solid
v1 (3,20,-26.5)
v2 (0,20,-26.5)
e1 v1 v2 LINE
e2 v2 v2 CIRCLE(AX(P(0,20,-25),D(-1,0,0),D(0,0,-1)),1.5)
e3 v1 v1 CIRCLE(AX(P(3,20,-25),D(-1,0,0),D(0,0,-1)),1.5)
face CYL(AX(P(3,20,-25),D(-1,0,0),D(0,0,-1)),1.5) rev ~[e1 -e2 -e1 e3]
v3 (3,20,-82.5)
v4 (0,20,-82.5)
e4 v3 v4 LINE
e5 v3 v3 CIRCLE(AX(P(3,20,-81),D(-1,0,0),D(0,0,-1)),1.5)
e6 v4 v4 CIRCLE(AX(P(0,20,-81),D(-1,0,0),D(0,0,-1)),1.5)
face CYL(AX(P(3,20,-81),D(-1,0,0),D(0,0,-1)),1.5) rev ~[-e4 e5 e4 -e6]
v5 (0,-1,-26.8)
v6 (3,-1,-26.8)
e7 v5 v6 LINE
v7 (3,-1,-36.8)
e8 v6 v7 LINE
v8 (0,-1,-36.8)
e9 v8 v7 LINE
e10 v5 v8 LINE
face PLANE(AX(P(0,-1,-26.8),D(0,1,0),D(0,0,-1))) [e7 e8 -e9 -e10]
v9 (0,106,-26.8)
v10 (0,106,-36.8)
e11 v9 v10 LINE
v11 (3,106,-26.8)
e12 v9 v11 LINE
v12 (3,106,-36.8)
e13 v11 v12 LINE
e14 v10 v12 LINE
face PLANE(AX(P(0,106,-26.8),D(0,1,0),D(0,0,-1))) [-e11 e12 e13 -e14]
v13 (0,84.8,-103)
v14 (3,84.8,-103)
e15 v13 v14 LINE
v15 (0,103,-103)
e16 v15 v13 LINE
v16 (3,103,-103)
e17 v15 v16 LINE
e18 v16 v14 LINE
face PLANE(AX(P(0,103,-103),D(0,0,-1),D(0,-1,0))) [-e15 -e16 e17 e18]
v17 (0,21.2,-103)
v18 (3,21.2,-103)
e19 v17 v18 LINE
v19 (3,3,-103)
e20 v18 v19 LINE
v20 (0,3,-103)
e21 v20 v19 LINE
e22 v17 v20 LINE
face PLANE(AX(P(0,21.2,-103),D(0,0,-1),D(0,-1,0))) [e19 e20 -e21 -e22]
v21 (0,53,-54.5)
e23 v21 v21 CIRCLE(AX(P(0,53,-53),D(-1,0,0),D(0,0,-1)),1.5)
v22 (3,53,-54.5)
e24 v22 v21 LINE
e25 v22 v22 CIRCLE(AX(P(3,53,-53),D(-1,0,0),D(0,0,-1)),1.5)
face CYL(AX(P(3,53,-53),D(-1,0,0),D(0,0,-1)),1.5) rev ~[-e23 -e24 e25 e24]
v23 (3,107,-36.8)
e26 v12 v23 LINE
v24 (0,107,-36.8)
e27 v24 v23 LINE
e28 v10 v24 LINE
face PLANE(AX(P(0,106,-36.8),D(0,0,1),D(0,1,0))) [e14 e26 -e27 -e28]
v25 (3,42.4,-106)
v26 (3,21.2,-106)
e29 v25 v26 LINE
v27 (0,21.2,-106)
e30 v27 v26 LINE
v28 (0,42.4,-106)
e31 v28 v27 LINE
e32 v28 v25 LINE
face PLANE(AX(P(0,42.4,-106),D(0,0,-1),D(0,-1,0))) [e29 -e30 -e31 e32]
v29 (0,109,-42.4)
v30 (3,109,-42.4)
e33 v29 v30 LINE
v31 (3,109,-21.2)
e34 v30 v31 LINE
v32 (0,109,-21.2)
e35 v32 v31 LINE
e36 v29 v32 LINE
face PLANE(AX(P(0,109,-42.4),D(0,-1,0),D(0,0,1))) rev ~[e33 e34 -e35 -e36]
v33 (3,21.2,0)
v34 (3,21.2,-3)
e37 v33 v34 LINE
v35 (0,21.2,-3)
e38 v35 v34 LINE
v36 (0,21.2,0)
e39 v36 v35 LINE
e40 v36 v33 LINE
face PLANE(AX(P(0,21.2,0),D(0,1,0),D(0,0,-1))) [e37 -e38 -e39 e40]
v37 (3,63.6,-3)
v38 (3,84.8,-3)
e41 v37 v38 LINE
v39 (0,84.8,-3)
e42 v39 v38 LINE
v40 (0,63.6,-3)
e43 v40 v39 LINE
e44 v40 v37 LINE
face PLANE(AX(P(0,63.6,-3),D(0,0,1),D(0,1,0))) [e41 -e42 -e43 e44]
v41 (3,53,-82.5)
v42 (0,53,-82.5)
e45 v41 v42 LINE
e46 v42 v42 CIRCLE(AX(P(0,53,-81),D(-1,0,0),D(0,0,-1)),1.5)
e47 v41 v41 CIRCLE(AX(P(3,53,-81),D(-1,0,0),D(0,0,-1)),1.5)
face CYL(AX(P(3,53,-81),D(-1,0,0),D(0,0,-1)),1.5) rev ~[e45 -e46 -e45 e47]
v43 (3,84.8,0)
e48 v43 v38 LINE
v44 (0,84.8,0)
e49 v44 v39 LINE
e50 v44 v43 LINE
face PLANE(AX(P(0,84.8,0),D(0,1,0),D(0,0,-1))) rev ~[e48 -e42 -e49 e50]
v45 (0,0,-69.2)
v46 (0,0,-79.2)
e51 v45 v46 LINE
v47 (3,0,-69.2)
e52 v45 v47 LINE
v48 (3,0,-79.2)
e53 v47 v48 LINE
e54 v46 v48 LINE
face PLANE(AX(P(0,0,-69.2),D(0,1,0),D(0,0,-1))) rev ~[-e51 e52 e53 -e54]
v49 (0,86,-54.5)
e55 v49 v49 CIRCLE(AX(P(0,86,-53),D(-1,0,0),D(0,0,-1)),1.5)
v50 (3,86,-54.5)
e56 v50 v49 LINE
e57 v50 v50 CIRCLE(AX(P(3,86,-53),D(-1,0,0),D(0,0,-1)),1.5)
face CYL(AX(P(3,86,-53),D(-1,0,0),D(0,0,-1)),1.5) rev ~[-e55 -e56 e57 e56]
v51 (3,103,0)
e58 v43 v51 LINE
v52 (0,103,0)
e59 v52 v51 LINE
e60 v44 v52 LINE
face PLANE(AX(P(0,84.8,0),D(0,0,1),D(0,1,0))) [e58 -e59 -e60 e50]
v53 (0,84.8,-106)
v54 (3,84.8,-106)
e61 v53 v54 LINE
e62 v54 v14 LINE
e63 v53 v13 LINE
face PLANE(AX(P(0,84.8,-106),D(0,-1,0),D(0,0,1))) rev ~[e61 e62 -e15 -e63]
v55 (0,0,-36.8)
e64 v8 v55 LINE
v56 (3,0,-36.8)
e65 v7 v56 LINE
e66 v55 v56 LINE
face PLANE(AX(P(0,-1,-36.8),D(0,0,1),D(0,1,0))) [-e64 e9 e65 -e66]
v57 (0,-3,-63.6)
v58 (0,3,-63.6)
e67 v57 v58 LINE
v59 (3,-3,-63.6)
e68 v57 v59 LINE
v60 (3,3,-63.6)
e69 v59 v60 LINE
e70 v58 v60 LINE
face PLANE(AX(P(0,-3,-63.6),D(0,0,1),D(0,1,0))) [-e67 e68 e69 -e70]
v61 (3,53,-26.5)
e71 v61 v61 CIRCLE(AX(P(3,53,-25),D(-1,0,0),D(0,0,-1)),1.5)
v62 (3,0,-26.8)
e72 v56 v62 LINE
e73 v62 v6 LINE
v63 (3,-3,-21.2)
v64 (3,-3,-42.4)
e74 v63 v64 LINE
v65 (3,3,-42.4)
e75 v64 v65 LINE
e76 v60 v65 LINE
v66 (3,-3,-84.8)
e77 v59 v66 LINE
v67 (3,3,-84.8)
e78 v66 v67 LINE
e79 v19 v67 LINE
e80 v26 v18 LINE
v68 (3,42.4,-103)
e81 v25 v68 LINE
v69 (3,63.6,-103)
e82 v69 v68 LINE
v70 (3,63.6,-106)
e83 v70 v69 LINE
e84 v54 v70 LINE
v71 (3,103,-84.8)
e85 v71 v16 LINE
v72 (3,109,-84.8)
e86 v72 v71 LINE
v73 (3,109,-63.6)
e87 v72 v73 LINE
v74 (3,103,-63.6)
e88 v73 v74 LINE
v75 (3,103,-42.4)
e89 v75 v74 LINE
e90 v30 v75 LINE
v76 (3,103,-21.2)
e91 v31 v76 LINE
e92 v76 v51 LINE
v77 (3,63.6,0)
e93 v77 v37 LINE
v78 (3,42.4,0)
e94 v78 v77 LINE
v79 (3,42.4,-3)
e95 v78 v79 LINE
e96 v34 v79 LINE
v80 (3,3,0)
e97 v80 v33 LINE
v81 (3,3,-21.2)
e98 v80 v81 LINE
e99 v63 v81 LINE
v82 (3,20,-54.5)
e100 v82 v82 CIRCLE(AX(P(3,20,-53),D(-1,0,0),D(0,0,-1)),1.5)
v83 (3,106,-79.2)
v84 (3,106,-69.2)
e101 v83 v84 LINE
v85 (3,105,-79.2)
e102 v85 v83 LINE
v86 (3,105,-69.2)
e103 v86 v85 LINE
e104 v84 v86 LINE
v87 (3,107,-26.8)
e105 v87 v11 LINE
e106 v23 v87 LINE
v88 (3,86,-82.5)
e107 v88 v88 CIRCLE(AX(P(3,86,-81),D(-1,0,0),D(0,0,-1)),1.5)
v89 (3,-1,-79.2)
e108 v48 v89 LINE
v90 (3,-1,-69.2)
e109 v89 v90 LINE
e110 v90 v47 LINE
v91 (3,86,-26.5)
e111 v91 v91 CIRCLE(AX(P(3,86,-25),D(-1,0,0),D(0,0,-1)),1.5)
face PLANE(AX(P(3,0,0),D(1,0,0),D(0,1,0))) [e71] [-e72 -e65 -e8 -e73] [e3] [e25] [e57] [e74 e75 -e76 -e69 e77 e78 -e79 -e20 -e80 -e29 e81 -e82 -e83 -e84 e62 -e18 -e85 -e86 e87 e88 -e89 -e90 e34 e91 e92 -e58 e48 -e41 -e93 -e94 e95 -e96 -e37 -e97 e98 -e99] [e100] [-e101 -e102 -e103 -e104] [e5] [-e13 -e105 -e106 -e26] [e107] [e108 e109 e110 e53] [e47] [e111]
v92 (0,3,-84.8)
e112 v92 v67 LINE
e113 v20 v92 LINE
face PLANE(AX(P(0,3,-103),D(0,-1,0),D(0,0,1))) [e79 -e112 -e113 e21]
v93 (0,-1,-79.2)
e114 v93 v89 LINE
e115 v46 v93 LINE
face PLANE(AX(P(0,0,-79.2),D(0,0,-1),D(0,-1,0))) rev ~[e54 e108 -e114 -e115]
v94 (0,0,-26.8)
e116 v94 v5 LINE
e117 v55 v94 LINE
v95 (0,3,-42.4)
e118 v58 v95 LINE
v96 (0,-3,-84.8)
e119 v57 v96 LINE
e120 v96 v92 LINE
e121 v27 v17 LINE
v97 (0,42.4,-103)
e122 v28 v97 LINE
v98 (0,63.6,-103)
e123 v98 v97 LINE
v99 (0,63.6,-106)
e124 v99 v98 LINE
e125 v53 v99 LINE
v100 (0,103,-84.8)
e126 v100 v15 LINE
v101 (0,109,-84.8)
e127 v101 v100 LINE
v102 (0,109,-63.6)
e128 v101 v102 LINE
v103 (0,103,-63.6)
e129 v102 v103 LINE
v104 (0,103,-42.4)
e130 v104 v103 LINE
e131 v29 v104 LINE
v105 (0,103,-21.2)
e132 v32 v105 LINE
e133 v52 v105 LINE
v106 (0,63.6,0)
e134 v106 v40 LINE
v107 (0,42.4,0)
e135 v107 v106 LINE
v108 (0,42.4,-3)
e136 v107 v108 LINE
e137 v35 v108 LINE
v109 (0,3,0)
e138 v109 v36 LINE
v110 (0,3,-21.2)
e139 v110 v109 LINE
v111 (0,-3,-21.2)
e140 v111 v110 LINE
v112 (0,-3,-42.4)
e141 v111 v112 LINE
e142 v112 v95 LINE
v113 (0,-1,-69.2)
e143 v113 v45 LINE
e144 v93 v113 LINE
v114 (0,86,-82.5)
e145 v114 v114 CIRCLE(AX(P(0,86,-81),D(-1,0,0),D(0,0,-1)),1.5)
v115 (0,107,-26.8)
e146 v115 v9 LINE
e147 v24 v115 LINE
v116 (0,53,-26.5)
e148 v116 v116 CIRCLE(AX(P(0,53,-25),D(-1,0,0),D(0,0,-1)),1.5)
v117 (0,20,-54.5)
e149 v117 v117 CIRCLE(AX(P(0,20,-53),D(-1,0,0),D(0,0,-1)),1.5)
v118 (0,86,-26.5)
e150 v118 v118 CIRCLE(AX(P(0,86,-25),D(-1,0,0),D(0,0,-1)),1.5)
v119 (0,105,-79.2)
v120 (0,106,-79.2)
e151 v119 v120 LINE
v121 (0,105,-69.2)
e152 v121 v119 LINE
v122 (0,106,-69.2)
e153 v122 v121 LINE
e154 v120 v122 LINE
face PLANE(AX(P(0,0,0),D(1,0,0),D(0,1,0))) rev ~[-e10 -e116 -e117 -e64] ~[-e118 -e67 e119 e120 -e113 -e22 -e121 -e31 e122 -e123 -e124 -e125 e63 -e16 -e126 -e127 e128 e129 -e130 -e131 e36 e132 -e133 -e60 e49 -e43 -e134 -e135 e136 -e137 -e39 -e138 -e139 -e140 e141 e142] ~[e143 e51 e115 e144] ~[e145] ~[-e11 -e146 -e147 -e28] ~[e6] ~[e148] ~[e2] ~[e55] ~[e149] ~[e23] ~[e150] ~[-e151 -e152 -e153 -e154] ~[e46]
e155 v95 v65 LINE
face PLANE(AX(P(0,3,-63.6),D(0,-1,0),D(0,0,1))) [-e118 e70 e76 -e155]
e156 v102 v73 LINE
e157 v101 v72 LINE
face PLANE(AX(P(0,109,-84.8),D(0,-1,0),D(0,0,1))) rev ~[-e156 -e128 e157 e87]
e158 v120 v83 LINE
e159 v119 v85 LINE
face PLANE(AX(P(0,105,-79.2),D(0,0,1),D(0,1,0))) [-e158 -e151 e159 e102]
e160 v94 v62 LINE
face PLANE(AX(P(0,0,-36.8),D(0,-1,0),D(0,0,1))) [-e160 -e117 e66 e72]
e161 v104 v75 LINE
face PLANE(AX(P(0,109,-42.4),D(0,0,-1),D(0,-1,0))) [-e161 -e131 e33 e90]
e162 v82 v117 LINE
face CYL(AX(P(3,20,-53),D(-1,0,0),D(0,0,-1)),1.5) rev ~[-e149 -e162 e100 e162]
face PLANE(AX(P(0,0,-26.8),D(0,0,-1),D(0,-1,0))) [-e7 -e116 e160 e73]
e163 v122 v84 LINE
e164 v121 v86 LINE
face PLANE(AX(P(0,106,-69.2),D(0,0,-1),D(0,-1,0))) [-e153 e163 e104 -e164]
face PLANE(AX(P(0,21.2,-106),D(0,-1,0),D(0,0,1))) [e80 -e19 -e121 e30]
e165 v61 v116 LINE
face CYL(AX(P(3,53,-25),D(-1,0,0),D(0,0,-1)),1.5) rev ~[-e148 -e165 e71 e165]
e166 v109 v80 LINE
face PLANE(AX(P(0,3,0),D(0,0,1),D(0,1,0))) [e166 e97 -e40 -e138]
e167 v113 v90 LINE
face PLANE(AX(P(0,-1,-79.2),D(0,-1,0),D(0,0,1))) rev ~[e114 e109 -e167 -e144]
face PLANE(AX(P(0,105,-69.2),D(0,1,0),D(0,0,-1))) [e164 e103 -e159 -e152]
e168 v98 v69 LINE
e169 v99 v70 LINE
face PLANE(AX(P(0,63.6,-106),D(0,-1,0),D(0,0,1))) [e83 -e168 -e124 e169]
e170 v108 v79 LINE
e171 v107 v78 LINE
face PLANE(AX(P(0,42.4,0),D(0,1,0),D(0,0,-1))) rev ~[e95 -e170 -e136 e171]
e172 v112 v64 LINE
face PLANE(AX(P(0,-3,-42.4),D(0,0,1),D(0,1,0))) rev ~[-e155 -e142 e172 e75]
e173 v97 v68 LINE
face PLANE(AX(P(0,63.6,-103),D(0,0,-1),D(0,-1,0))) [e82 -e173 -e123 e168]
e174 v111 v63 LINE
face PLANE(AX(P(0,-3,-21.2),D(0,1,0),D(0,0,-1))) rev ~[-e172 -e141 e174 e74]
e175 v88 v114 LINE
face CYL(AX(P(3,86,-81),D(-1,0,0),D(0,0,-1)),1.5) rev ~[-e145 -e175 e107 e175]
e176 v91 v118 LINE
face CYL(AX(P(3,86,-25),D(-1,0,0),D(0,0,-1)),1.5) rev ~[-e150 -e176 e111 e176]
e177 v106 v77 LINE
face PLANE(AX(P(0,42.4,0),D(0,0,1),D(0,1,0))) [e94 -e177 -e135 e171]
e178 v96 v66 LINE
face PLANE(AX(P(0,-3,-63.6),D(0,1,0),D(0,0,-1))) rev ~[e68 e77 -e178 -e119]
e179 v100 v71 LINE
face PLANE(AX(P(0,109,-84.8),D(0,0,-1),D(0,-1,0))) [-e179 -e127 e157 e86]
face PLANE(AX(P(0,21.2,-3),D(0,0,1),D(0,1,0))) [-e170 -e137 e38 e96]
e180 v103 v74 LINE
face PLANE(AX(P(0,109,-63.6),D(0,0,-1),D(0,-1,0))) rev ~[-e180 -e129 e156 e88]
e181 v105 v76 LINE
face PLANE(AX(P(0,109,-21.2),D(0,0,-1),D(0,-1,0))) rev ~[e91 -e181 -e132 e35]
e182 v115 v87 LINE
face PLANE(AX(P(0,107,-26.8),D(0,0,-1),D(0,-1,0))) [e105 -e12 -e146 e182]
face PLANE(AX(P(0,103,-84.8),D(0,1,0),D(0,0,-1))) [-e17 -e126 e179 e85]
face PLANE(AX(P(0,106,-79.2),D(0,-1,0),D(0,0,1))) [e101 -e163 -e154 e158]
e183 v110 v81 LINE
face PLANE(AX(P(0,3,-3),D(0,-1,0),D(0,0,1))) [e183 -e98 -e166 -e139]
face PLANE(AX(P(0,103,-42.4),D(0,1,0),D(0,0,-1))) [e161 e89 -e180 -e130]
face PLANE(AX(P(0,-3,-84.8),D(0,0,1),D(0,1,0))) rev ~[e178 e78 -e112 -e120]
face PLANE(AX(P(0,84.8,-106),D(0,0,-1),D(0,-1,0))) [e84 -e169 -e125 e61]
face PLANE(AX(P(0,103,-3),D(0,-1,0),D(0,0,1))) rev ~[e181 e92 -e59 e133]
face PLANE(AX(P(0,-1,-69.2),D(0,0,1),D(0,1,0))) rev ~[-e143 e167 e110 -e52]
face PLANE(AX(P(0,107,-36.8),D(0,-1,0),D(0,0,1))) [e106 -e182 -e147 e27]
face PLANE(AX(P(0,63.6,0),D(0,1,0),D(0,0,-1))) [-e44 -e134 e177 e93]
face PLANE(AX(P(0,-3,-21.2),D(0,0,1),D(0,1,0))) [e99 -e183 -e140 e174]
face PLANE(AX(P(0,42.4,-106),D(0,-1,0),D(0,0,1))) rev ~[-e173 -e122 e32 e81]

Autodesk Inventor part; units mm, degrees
ref_plane "YZ Plane" through (0, 0, 0) normal (1, 0, 0) x (0, 1, 0)
ref_plane "XZ Plane" through (0, 0, 0) normal (0, 1, 0) x (-1, 0, 0)
ref_plane "XY Plane" through (0, 0, 0) normal (0, 0, 1) x (1, 0, 0)
sketch "Sketch1" plane through (0, 0, 0) normal (1, 0, 0) x (0, 1, 0)
  line L0 (21.2, 0) -> (21.2, -3)
  line L1 (42.4, 0) -> (42.4, -3)
  line L2 (63.6, 0) -> (63.6, -3)
  line L3 (84.8, 0) -> (84.8, -3)
  line L4 (-3, -21.2) -> (3, -21.2)
  line L5 (-3, -42.4) -> (3, -42.4)
  line L6 (-3, -63.6) -> (3, -63.6)
  line L7 (-3, -84.8) -> (3, -84.8)
  line L8 (21.2, -106) -> (21.2, -103)
  line L9 (42.4, -106) -> (42.4, -103)
  line L10 (63.6, -106) -> (63.6, -103)
  line L11 (84.8, -106) -> (84.8, -103)
  line L12 (109, -84.8) -> (103, -84.8)
  line L13 (109, -63.6) -> (103, -63.6)
  line L14 (109, -42.4) -> (103, -42.4)
  line L15 (109, -21.2) -> (103, -21.2)
  line L16 (3, -103) -> (3, -84.8)
  line L17 (3, -63.6) -> (3, -42.4)
  line L18 (3, -21.2) -> (3, -3)
  line L19 (103, -3) -> (103, -21.2)
  line L20 (103, -42.4) -> (103, -63.6)
  line L21 (103, -84.8) -> (103, -103)
  line L22 (21.2, -103) -> (3, -103)
  line L23 (84.8, -106) -> (63.6, -106)
  line L24 (42.4, -106) -> (21.2, -106)
  line L25 (103, -103) -> (84.8, -103)
  line L26 (63.6, -103) -> (42.4, -103)
  line L27 (103, -3) -> (103, 0)
  line L28 (3, -3) -> (3, 0)
  line L29 (3, 0) -> (21.2, 0)
  line L30 (21.2, -3) -> (42.4, -3)
  line L31 (63.6, -3) -> (84.8, -3)
  line L32 (42.4, 0) -> (63.6, 0)
  line L33 (84.8, 0) -> (103, 0)
  line L34 (-3, -21.2) -> (-3, -42.4)
  line L35 (-3, -63.6) -> (-3, -84.8)
  line L36 (109, -84.8) -> (109, -63.6)
  line L37 (109, -42.4) -> (109, -21.2)
  line L38 (0, -26.8) -> (-1, -26.8)
  line L39 (-1, -26.8) -> (-1, -36.8)
  line L40 (-1, -36.8) -> (0, -36.8)
  line L41 (0, -36.8) -> (0, -26.8)
  line L42 (107, -26.8) -> (106, -26.8)
  line L43 (106, -26.8) -> (106, -36.8)
  line L44 (106, -36.8) -> (107, -36.8)
  line L45 (107, -36.8) -> (107, -26.8)
  line L46 (-1, -69.2) -> (0, -69.2)
  line L47 (0, -69.2) -> (0, -79.2)
  line L48 (0, -79.2) -> (-1, -79.2)
  line L49 (-1, -79.2) -> (-1, -69.2)
  line L50 (106, -69.2) -> (105, -69.2)
  line L51 (105, -69.2) -> (105, -79.2)
  line L52 (105, -79.2) -> (106, -79.2)
  line L53 (106, -79.2) -> (106, -69.2)
  point P0 (0, 0)
  dimension "d94" = 1
  dimension "d95" = 10
  dimension "d96" = 1
  dimension "d97" = 10
  dimension "d98" = 10
  dimension "d99" = 1
  dimension "d100" = 10
extrude "Extrusion1" add sketch "Sketch1" along normal blind 3
sketch "Sketch3" plane through (3, 0, 0) normal (1, 0, 0) x (0, 0, -1)
  circle A0 centre (25, 20) radius 1.5
  point P0 (0, 0)
  dimension "d22" = 3
hole "Hole2" at (3, 20, -25) direction (-1, 0, 0) diameter 3 end through all
sketch "Sketch4" plane through (3, 0, 0) normal (1, 0, 0) x (0, 0, -1)
  circle A0 centre (25, 53) radius 1.5
  point P0 (0, 0)
  dimension "d30" = 3
hole "Hole3" at (3, 53, -25) direction (-1, 0, 0) diameter 3 end through all
sketch "Sketch5" plane through (3, 0, 0) normal (1, 0, 0) x (0, 0, -1)
  circle A0 centre (25, 86) radius 1.5
  point P0 (0, 0)
  dimension "d38" = 3
hole "Hole4" at (3, 86, -25) direction (-1, 0, 0) diameter 3 end through all
sketch "Sketch6" plane through (3, 0, 0) normal (1, 0, 0) x (0, 0, -1)
  circle A0 centre (53, 20) radius 1.5
  point P0 (0, 0)
  dimension "d46" = 3
hole "Hole5" at (3, 20, -53) direction (-1, 0, 0) diameter 3 end through all
sketch "Sketch7" plane through (3, 0, 0) normal (1, 0, 0) x (0, 0, -1)
  circle A0 centre (53, 53) radius 1.5
  point P0 (0, 0)
  dimension "d54" = 3
hole "Hole6" at (3, 53, -53) direction (-1, 0, 0) diameter 3 end through all
sketch "Sketch8" plane through (3, 0, 0) normal (1, 0, 0) x (0, 0, -1)
  circle A0 centre (53, 86) radius 1.5
  point P0 (0, 0)
  dimension "d62" = 3
hole "Hole7" at (3, 86, -53) direction (-1, 0, 0) diameter 3 end through all
sketch "Sketch9" plane through (3, 0, 0) normal (1, 0, 0) x (0, 0, -1)
  circle A0 centre (81, 20) radius 1.5
  point P0 (0, 0)
  dimension "d70" = 3
hole "Hole8" at (3, 20, -81) direction (-1, 0, 0) diameter 3 end through all
sketch "Sketch10" plane through (3, 0, 0) normal (1, 0, 0) x (0, 0, -1)
  circle A0 centre (81, 53) radius 1.5
  point P0 (0, 0)
  dimension "d78" = 3
hole "Hole9" at (3, 53, -81) direction (-1, 0, 0) diameter 3 end through all
sketch "Sketch11" plane through (3, 0, 0) normal (1, 0, 0) x (0, 0, -1)
  circle A0 centre (81, 86) radius 1.5
  point P0 (0, 0)
  dimension "d86" = 3
hole "Hole10" at (3, 86, -81) direction (-1, 0, 0) diameter 3 end through all
properties part number "Box side 3" material "PMMA Plastic"
